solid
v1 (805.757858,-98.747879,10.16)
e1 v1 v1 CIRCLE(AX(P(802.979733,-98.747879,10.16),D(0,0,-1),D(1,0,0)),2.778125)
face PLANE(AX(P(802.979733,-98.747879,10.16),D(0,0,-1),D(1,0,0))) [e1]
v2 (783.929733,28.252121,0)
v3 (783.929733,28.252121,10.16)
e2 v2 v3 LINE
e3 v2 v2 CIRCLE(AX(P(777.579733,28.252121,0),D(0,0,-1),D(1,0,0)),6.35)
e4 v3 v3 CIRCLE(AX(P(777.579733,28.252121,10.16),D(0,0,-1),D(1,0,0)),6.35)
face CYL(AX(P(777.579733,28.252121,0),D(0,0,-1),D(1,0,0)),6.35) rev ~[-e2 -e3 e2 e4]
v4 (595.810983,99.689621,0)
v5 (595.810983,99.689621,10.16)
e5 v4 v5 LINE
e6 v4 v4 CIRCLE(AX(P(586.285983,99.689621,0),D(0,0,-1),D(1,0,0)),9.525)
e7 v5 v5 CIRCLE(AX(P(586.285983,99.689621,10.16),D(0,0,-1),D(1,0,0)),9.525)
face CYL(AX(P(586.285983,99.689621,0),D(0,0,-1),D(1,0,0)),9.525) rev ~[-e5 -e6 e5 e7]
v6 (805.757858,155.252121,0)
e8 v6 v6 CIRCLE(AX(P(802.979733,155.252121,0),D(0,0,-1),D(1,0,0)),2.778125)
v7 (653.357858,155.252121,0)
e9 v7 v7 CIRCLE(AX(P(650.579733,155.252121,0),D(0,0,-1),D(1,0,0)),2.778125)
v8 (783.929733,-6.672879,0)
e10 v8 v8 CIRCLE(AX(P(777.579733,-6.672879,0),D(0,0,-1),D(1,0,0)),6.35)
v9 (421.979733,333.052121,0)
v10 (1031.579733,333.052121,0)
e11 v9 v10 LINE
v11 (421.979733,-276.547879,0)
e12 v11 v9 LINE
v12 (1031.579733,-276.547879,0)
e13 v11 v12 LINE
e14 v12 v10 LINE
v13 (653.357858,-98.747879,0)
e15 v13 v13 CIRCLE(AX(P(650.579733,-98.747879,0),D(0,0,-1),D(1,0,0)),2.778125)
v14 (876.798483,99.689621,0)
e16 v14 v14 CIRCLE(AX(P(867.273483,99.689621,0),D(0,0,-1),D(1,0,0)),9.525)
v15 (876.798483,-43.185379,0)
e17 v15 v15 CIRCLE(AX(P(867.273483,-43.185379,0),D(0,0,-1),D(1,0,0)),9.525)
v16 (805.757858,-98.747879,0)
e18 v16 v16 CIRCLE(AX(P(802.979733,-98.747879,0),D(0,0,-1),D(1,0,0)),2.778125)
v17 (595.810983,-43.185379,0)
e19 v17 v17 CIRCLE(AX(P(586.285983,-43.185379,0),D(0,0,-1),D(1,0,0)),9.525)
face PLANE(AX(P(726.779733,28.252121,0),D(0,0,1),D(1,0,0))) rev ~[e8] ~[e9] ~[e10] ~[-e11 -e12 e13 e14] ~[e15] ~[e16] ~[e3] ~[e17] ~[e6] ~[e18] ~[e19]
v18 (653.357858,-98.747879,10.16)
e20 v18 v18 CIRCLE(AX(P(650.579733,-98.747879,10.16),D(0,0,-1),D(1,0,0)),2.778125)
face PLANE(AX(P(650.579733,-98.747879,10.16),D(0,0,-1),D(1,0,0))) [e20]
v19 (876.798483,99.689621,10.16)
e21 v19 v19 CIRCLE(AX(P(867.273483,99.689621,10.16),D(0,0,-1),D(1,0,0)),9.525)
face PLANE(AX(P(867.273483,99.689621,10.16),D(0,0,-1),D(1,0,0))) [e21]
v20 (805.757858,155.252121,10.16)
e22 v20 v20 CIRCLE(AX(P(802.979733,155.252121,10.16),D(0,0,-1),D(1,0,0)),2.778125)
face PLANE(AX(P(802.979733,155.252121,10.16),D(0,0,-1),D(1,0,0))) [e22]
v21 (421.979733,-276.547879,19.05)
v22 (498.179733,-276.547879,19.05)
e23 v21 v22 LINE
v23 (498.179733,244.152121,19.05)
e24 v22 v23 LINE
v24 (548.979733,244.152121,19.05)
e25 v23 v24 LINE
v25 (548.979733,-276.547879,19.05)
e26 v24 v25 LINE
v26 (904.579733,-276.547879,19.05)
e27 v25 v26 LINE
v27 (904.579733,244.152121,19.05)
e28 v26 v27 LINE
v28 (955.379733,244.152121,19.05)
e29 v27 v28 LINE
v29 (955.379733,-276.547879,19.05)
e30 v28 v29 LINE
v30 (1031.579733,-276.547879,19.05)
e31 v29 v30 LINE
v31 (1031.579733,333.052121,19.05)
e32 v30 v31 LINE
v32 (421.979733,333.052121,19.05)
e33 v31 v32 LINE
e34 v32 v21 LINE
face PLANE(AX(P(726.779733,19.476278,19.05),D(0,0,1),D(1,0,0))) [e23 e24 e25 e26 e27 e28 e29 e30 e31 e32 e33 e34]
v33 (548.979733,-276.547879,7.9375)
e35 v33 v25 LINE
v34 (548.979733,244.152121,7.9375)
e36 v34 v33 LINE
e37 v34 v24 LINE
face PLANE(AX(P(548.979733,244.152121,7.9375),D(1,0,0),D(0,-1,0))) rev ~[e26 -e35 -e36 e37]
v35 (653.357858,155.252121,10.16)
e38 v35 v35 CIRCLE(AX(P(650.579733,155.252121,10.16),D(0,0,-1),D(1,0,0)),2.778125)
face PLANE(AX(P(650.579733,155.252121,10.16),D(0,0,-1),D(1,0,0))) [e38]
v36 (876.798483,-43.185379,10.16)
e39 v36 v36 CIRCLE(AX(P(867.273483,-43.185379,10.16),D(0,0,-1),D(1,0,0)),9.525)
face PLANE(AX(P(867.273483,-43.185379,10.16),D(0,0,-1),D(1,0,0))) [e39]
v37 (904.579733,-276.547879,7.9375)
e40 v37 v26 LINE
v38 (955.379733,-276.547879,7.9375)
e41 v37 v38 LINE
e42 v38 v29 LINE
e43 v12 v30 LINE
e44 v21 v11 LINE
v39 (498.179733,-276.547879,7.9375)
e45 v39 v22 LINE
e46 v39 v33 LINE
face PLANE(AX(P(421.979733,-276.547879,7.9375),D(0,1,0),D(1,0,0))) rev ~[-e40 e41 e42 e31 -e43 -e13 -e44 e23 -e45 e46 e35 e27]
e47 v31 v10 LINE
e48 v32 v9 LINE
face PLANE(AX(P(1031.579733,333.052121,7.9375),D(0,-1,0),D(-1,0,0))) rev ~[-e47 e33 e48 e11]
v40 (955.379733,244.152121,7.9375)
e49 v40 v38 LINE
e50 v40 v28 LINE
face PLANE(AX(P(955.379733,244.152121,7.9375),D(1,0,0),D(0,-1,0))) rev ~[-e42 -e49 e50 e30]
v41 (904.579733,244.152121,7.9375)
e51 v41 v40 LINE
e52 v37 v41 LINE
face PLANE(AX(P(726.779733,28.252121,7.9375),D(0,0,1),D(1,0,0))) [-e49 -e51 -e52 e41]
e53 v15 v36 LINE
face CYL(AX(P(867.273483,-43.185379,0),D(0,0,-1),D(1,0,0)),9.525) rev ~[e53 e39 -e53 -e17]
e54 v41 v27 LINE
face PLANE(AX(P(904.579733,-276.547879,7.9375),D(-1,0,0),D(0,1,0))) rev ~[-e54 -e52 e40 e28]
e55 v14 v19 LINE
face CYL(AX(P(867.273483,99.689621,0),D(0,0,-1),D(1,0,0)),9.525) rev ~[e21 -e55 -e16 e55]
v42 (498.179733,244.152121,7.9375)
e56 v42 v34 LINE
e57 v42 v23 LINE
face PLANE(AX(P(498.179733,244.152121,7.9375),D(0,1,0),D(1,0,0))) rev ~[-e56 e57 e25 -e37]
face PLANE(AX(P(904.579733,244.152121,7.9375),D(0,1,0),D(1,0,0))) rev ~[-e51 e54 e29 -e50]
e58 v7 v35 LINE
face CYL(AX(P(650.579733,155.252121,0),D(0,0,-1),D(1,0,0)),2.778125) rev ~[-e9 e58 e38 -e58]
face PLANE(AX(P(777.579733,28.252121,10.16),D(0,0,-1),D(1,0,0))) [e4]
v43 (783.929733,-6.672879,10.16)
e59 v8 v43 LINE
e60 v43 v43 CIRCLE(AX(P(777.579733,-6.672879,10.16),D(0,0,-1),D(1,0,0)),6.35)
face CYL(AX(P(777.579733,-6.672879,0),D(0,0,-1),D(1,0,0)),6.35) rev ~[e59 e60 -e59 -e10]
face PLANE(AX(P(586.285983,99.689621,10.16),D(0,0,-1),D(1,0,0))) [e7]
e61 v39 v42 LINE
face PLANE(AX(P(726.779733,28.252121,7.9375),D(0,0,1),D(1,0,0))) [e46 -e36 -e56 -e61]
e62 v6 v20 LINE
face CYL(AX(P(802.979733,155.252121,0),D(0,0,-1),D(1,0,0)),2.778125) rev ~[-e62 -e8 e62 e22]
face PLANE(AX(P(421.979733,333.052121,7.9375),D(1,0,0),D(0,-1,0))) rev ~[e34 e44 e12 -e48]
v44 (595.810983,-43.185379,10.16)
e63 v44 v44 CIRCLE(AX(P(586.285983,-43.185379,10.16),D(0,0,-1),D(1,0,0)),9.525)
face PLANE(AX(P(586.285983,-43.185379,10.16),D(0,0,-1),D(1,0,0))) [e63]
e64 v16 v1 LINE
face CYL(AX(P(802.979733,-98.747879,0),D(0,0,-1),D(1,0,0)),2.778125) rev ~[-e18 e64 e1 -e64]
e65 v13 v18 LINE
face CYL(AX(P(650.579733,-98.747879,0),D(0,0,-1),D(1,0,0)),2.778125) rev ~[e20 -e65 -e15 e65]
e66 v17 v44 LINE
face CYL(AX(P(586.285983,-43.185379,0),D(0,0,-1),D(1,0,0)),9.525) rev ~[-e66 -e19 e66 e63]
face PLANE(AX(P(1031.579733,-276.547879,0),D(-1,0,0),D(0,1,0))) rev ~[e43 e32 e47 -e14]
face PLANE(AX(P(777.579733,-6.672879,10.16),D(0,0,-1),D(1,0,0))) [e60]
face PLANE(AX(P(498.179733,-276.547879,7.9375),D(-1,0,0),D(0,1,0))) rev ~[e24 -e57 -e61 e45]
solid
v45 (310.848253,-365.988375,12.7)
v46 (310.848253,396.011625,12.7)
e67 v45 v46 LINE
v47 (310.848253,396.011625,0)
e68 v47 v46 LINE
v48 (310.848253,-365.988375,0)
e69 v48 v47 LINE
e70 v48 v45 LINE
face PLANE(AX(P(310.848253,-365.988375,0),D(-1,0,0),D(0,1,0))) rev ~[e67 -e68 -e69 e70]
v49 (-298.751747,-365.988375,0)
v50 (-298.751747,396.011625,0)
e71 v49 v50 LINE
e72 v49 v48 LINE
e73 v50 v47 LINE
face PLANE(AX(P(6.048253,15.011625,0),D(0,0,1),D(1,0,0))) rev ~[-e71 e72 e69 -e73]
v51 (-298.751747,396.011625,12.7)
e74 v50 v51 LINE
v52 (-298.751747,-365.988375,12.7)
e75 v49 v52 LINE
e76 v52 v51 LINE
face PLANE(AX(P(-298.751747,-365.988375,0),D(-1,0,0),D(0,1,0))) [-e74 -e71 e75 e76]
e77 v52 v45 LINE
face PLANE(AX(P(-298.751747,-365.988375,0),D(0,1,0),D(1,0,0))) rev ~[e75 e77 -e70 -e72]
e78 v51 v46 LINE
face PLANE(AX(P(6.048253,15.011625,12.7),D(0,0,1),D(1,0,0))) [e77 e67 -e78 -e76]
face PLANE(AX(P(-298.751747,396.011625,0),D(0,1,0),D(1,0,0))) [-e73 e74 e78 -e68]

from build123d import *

# Parameters (mm, degrees)
F0_W     = 609.6
F0_H     = 762
F1_DEPTH = 12.7
F0_H_2   = 609.6
F2_DEPTH = 7.9375
F4_DEPTH = 11.1125
F5_R     = 2.778125
F5_R_2   = 9.525
F5_R_3   = 6.35
F6_DEPTH = 10.16


with BuildPart() as f1:
    # F0 (on Top) → F1 (new body)
    with BuildSketch(Plane.XY):
        with Locations((6.048253, 15.011625)):
            Rectangle(F0_W, F0_H)
    extrude(amount=F1_DEPTH)


with BuildPart() as f2:
    # F0 (on Top) → F2 (new body)
    with BuildSketch(Plane.XY):
        with Locations((726.779733, 28.252121)):
            Rectangle(F0_W, F0_H_2)
    extrude(amount=F2_DEPTH)

    # F3 (on face) → F4 (join)
    with BuildSketch(Plane.XY.offset(7.9375)):
        Polygon((421.979733, -276.547879), (498.179733, -276.547879), (498.179733, 244.152121), (548.979733, 244.152121), (548.979733, -276.547879), (904.579733, -276.547879), (904.579733, 244.152121), (955.379733, 244.152121), (955.379733, -276.547879), (1031.579733, -276.547879), (1031.579733, 333.052121), (421.979733, 333.052121), align=None)
    extrude(amount=F4_DEPTH)

    # F5 (on face) → F6 (cut)
    with BuildSketch(Plane(origin=(0, 0, 0), x_dir=(1, 0, 0), z_dir=(0, 0, -1))):
        with Locations((650.579733, -155.252121)):
            Circle(F5_R)
        with Locations((802.979733, -155.252121)):
            Circle(F5_R)
        with Locations((650.579733, 98.747879)):
            Circle(F5_R)
        with Locations((802.979733, 98.747879)):
            Circle(F5_R)
        with Locations((586.285983, -99.689621)):
            Circle(F5_R_2)
        with Locations((867.273483, -99.689621)):
            Circle(F5_R_2)
        with Locations((586.285983, 43.185379)):
            Circle(F5_R_2)
        with Locations((867.273483, 43.185379)):
            Circle(F5_R_2)
        with Locations((777.579733, -28.252121)):
            Circle(F5_R_3)
        with Locations((777.579733, 6.672879)):
            Circle(F5_R_3)
    extrude(amount=-F6_DEPTH, mode=Mode.SUBTRACT)


solid = Compound([f1.part, f2.part])
